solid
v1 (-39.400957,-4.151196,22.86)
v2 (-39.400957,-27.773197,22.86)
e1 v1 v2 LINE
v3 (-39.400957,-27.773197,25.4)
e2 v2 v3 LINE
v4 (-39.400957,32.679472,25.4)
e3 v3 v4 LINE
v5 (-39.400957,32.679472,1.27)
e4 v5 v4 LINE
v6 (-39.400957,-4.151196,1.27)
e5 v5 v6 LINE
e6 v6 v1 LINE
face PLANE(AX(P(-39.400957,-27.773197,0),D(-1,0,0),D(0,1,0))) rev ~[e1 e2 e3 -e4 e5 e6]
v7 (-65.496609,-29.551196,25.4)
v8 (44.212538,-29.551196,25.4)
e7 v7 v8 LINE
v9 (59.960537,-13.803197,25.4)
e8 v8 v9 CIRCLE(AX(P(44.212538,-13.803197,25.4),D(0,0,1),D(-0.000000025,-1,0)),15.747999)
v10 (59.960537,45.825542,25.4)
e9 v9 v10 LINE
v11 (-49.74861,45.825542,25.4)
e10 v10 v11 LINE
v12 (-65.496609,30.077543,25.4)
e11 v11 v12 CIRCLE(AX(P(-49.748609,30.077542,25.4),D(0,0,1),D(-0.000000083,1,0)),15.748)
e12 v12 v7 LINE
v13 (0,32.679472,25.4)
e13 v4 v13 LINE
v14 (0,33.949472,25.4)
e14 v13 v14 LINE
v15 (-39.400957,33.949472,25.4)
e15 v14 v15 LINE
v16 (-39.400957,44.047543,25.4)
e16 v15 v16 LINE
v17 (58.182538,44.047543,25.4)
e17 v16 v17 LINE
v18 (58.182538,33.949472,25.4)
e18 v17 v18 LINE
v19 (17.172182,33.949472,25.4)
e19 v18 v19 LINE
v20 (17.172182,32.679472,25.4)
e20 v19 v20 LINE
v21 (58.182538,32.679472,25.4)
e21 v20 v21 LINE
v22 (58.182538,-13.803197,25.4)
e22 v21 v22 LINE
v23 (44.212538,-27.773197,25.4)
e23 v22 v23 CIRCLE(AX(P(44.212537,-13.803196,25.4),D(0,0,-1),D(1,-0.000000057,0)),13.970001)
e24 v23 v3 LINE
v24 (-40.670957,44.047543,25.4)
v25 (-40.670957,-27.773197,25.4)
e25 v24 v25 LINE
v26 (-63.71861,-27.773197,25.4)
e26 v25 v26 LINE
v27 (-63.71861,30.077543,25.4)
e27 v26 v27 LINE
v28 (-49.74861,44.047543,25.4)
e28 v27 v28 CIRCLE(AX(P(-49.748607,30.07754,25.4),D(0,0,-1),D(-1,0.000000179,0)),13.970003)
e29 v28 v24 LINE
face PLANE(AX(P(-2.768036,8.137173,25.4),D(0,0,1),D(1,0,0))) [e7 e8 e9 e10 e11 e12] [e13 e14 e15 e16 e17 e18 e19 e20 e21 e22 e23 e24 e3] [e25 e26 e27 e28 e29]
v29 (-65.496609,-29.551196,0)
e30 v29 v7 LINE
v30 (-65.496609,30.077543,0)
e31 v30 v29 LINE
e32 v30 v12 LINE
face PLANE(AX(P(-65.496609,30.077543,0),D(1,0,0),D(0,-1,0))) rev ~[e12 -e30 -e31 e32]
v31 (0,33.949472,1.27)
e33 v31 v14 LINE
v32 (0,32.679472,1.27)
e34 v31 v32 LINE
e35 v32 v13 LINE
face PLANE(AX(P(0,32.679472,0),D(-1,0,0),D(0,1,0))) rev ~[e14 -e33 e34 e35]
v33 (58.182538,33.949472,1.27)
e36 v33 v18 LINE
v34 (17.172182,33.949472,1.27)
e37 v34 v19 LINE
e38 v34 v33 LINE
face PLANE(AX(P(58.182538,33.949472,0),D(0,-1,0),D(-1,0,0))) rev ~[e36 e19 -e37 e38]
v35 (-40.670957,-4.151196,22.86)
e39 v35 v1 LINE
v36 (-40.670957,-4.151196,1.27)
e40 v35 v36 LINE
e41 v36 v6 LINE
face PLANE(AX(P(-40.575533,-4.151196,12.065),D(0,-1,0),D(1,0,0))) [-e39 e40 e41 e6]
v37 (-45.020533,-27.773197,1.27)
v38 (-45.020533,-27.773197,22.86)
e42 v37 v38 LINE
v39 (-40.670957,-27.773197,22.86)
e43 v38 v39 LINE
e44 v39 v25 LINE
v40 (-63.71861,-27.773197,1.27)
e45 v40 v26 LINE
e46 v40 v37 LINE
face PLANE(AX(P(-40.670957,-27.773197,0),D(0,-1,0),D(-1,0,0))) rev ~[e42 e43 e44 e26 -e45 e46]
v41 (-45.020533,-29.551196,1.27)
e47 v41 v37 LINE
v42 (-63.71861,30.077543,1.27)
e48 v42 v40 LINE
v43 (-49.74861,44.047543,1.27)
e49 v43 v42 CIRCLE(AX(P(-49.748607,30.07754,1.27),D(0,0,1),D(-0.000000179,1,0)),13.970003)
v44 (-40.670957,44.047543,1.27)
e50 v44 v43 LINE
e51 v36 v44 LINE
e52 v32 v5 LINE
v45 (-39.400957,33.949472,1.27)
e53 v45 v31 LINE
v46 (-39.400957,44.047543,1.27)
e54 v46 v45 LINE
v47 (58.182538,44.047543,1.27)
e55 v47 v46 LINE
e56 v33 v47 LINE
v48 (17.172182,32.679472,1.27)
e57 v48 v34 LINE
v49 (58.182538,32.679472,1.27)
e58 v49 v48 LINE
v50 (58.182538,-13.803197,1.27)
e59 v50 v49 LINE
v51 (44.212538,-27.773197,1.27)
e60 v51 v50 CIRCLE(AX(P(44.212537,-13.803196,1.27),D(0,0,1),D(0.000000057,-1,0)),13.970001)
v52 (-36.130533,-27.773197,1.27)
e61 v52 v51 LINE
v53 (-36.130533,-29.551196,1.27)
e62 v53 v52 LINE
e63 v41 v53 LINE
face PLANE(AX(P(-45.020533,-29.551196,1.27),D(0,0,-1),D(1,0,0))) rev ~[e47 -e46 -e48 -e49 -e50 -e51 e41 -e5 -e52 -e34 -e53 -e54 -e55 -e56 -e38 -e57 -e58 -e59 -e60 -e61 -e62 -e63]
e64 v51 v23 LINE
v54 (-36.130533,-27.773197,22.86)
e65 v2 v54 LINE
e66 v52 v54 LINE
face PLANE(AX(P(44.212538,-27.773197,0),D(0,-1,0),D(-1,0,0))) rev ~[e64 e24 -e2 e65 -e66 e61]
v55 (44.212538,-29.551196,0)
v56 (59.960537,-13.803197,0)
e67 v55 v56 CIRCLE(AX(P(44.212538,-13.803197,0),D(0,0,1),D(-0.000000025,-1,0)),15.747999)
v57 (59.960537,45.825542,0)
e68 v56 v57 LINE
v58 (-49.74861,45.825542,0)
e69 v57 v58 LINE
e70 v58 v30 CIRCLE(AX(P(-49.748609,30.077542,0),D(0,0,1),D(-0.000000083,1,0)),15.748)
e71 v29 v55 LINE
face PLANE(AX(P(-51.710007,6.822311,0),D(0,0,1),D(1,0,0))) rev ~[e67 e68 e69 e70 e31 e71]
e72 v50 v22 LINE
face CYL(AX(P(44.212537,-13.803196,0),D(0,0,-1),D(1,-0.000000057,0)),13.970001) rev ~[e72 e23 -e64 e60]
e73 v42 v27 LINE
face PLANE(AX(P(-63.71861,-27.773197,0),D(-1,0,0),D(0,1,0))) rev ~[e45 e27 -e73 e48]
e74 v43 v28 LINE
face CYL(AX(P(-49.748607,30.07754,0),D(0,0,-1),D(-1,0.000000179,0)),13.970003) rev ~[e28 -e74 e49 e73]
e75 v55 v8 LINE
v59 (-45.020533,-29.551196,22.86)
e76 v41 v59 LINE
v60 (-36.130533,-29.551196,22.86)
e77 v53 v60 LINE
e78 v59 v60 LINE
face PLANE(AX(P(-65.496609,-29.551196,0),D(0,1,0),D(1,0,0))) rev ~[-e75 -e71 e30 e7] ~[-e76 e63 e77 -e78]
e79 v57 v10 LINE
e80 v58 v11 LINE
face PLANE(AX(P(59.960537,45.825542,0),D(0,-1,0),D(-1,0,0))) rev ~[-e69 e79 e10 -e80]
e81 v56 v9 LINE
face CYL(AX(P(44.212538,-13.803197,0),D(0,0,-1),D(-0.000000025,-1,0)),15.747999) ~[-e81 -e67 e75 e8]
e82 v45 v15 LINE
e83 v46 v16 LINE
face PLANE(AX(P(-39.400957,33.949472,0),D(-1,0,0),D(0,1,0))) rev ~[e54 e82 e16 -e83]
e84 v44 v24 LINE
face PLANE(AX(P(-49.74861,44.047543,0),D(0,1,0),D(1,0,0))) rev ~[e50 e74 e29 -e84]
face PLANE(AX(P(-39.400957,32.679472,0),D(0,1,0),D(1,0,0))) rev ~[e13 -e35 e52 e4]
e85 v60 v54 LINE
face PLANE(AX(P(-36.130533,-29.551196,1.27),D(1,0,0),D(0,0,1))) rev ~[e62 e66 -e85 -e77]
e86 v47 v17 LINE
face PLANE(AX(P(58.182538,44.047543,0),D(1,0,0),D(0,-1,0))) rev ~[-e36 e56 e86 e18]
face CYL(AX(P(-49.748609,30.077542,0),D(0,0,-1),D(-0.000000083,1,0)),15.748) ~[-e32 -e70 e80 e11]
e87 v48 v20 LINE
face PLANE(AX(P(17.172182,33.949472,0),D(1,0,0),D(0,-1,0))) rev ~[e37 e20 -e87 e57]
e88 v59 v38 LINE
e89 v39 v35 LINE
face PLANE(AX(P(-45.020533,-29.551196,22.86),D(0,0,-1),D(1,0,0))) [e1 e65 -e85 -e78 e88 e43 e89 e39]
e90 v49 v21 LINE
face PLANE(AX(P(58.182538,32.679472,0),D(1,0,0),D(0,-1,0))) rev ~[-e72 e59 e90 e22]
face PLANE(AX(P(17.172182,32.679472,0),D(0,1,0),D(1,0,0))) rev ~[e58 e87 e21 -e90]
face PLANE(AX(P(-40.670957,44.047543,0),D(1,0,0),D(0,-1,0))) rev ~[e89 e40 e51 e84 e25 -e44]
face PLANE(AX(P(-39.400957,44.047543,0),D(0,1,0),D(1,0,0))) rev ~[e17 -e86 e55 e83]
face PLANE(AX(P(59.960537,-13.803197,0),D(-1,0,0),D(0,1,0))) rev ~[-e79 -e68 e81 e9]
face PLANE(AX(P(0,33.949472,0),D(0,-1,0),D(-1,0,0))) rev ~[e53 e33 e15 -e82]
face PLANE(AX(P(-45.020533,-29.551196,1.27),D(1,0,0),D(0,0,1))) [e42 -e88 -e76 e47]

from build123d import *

# Parameters (mm, degrees)
F1_DEPTH = 25.4
F2_DEPTH = 1.27
F3_W     = 8.89
F3_H     = 21.59
F4_DEPTH = 25.4


with BuildPart() as f1:
    # F0 (on Top) → F1 (new body)
    with BuildSketch(Plane.XY):
        with BuildLine():
            Line((59.960537, 45.825542), (-49.74861, 45.825542))
            ThreePointArc((-49.74861, 45.825542), (-60.884126, 41.21306), (-65.496609, 30.077543))
            Line((-65.496609, 30.077543), (-65.496609, -29.551196))
            Line((-65.496609, -29.551196), (44.212538, -29.551196))
            ThreePointArc((44.212538, -29.551196), (55.348055, -24.938714), (59.960537, -13.803197))
            Line((59.960537, -13.803197), (59.960537, 45.825542))
        make_face()
        with BuildLine():
            ThreePointArc((-63.71861, 30.077543), (-59.626891, 39.955824), (-49.74861, 44.047543))
            Line((-49.74861, 44.047543), (-40.670957, 44.047543))
            Line((-40.670957, 44.047543), (-40.670957, -27.773197))
            Line((-40.670957, -27.773197), (-63.71861, -27.773197))
            Line((-63.71861, -27.773197), (-63.71861, 30.077543))
        make_face(mode=Mode.SUBTRACT)
        with BuildLine():
            Line((-39.400957, 44.047543), (58.182538, 44.047543))
            Line((58.182538, 44.047543), (58.182538, 33.949472))
            Line((58.182538, 33.949472), (17.172182, 33.949472))
            Line((17.172182, 33.949472), (17.172182, 32.679472))
            Line((17.172182, 32.679472), (58.182538, 32.679472))
            Line((58.182538, 32.679472), (58.182538, -13.803197))
            ThreePointArc((58.182538, -13.803197), (54.090819, -23.681479), (44.212538, -27.773197))
            Line((44.212538, -27.773197), (-39.400957, -27.773197))
            Line((-39.400957, -27.773197), (-39.400957, 32.679472))
            Line((-39.400957, 32.679472), (0, 32.679472))
            Line((0, 32.679472), (0, 33.949472))
            Line((0, 33.949472), (-39.400957, 33.949472))
            Line((-39.400957, 33.949472), (-39.400957, 44.047543))
        make_face(mode=Mode.SUBTRACT)
    extrude(amount=F1_DEPTH)

    # F0 (on Top) → F2 (join)
    with BuildSketch(Plane.XY):
        with BuildLine():
            Line((-40.670957, 44.047543), (-49.74861, 44.047543))
            ThreePointArc((-49.74861, 44.047543), (-59.626891, 39.955824), (-63.71861, 30.077543))
            Line((-63.71861, 30.077543), (-63.71861, -27.773197))
            Line((-63.71861, -27.773197), (-40.670957, -27.773197))
            Line((-40.670957, -27.773197), (-40.670957, 44.047543))
        make_face()
        with BuildLine():
            Line((58.182538, 33.949472), (58.182538, 44.047543))
            Line((58.182538, 44.047543), (-39.400957, 44.047543))
            Line((-39.400957, 44.047543), (-39.400957, 33.949472))
            Line((-39.400957, 33.949472), (0, 33.949472))
            Line((0, 33.949472), (0, 32.679472))
            Line((0, 32.679472), (-39.400957, 32.679472))
            Line((-39.400957, 32.679472), (-39.400957, -27.773197))
            Line((-39.400957, -27.773197), (44.212538, -27.773197))
            ThreePointArc((44.212538, -27.773197), (54.090819, -23.681479), (58.182538, -13.803197))
            Line((58.182538, -13.803197), (58.182538, 32.679472))
            Line((58.182538, 32.679472), (17.172182, 32.679472))
            Line((17.172182, 32.679472), (17.172182, 33.949472))
            Line((17.172182, 33.949472), (58.182538, 33.949472))
        make_face()
    extrude(amount=F2_DEPTH)

    # F3 (on face) → F4 (cut)
    with BuildSketch(Plane.XZ.offset(29.551196)):
        with Locations((-40.575533, 12.065)):
            Rectangle(F3_W, F3_H)
    extrude(amount=-F4_DEPTH, mode=Mode.SUBTRACT)


solid = f1.part
